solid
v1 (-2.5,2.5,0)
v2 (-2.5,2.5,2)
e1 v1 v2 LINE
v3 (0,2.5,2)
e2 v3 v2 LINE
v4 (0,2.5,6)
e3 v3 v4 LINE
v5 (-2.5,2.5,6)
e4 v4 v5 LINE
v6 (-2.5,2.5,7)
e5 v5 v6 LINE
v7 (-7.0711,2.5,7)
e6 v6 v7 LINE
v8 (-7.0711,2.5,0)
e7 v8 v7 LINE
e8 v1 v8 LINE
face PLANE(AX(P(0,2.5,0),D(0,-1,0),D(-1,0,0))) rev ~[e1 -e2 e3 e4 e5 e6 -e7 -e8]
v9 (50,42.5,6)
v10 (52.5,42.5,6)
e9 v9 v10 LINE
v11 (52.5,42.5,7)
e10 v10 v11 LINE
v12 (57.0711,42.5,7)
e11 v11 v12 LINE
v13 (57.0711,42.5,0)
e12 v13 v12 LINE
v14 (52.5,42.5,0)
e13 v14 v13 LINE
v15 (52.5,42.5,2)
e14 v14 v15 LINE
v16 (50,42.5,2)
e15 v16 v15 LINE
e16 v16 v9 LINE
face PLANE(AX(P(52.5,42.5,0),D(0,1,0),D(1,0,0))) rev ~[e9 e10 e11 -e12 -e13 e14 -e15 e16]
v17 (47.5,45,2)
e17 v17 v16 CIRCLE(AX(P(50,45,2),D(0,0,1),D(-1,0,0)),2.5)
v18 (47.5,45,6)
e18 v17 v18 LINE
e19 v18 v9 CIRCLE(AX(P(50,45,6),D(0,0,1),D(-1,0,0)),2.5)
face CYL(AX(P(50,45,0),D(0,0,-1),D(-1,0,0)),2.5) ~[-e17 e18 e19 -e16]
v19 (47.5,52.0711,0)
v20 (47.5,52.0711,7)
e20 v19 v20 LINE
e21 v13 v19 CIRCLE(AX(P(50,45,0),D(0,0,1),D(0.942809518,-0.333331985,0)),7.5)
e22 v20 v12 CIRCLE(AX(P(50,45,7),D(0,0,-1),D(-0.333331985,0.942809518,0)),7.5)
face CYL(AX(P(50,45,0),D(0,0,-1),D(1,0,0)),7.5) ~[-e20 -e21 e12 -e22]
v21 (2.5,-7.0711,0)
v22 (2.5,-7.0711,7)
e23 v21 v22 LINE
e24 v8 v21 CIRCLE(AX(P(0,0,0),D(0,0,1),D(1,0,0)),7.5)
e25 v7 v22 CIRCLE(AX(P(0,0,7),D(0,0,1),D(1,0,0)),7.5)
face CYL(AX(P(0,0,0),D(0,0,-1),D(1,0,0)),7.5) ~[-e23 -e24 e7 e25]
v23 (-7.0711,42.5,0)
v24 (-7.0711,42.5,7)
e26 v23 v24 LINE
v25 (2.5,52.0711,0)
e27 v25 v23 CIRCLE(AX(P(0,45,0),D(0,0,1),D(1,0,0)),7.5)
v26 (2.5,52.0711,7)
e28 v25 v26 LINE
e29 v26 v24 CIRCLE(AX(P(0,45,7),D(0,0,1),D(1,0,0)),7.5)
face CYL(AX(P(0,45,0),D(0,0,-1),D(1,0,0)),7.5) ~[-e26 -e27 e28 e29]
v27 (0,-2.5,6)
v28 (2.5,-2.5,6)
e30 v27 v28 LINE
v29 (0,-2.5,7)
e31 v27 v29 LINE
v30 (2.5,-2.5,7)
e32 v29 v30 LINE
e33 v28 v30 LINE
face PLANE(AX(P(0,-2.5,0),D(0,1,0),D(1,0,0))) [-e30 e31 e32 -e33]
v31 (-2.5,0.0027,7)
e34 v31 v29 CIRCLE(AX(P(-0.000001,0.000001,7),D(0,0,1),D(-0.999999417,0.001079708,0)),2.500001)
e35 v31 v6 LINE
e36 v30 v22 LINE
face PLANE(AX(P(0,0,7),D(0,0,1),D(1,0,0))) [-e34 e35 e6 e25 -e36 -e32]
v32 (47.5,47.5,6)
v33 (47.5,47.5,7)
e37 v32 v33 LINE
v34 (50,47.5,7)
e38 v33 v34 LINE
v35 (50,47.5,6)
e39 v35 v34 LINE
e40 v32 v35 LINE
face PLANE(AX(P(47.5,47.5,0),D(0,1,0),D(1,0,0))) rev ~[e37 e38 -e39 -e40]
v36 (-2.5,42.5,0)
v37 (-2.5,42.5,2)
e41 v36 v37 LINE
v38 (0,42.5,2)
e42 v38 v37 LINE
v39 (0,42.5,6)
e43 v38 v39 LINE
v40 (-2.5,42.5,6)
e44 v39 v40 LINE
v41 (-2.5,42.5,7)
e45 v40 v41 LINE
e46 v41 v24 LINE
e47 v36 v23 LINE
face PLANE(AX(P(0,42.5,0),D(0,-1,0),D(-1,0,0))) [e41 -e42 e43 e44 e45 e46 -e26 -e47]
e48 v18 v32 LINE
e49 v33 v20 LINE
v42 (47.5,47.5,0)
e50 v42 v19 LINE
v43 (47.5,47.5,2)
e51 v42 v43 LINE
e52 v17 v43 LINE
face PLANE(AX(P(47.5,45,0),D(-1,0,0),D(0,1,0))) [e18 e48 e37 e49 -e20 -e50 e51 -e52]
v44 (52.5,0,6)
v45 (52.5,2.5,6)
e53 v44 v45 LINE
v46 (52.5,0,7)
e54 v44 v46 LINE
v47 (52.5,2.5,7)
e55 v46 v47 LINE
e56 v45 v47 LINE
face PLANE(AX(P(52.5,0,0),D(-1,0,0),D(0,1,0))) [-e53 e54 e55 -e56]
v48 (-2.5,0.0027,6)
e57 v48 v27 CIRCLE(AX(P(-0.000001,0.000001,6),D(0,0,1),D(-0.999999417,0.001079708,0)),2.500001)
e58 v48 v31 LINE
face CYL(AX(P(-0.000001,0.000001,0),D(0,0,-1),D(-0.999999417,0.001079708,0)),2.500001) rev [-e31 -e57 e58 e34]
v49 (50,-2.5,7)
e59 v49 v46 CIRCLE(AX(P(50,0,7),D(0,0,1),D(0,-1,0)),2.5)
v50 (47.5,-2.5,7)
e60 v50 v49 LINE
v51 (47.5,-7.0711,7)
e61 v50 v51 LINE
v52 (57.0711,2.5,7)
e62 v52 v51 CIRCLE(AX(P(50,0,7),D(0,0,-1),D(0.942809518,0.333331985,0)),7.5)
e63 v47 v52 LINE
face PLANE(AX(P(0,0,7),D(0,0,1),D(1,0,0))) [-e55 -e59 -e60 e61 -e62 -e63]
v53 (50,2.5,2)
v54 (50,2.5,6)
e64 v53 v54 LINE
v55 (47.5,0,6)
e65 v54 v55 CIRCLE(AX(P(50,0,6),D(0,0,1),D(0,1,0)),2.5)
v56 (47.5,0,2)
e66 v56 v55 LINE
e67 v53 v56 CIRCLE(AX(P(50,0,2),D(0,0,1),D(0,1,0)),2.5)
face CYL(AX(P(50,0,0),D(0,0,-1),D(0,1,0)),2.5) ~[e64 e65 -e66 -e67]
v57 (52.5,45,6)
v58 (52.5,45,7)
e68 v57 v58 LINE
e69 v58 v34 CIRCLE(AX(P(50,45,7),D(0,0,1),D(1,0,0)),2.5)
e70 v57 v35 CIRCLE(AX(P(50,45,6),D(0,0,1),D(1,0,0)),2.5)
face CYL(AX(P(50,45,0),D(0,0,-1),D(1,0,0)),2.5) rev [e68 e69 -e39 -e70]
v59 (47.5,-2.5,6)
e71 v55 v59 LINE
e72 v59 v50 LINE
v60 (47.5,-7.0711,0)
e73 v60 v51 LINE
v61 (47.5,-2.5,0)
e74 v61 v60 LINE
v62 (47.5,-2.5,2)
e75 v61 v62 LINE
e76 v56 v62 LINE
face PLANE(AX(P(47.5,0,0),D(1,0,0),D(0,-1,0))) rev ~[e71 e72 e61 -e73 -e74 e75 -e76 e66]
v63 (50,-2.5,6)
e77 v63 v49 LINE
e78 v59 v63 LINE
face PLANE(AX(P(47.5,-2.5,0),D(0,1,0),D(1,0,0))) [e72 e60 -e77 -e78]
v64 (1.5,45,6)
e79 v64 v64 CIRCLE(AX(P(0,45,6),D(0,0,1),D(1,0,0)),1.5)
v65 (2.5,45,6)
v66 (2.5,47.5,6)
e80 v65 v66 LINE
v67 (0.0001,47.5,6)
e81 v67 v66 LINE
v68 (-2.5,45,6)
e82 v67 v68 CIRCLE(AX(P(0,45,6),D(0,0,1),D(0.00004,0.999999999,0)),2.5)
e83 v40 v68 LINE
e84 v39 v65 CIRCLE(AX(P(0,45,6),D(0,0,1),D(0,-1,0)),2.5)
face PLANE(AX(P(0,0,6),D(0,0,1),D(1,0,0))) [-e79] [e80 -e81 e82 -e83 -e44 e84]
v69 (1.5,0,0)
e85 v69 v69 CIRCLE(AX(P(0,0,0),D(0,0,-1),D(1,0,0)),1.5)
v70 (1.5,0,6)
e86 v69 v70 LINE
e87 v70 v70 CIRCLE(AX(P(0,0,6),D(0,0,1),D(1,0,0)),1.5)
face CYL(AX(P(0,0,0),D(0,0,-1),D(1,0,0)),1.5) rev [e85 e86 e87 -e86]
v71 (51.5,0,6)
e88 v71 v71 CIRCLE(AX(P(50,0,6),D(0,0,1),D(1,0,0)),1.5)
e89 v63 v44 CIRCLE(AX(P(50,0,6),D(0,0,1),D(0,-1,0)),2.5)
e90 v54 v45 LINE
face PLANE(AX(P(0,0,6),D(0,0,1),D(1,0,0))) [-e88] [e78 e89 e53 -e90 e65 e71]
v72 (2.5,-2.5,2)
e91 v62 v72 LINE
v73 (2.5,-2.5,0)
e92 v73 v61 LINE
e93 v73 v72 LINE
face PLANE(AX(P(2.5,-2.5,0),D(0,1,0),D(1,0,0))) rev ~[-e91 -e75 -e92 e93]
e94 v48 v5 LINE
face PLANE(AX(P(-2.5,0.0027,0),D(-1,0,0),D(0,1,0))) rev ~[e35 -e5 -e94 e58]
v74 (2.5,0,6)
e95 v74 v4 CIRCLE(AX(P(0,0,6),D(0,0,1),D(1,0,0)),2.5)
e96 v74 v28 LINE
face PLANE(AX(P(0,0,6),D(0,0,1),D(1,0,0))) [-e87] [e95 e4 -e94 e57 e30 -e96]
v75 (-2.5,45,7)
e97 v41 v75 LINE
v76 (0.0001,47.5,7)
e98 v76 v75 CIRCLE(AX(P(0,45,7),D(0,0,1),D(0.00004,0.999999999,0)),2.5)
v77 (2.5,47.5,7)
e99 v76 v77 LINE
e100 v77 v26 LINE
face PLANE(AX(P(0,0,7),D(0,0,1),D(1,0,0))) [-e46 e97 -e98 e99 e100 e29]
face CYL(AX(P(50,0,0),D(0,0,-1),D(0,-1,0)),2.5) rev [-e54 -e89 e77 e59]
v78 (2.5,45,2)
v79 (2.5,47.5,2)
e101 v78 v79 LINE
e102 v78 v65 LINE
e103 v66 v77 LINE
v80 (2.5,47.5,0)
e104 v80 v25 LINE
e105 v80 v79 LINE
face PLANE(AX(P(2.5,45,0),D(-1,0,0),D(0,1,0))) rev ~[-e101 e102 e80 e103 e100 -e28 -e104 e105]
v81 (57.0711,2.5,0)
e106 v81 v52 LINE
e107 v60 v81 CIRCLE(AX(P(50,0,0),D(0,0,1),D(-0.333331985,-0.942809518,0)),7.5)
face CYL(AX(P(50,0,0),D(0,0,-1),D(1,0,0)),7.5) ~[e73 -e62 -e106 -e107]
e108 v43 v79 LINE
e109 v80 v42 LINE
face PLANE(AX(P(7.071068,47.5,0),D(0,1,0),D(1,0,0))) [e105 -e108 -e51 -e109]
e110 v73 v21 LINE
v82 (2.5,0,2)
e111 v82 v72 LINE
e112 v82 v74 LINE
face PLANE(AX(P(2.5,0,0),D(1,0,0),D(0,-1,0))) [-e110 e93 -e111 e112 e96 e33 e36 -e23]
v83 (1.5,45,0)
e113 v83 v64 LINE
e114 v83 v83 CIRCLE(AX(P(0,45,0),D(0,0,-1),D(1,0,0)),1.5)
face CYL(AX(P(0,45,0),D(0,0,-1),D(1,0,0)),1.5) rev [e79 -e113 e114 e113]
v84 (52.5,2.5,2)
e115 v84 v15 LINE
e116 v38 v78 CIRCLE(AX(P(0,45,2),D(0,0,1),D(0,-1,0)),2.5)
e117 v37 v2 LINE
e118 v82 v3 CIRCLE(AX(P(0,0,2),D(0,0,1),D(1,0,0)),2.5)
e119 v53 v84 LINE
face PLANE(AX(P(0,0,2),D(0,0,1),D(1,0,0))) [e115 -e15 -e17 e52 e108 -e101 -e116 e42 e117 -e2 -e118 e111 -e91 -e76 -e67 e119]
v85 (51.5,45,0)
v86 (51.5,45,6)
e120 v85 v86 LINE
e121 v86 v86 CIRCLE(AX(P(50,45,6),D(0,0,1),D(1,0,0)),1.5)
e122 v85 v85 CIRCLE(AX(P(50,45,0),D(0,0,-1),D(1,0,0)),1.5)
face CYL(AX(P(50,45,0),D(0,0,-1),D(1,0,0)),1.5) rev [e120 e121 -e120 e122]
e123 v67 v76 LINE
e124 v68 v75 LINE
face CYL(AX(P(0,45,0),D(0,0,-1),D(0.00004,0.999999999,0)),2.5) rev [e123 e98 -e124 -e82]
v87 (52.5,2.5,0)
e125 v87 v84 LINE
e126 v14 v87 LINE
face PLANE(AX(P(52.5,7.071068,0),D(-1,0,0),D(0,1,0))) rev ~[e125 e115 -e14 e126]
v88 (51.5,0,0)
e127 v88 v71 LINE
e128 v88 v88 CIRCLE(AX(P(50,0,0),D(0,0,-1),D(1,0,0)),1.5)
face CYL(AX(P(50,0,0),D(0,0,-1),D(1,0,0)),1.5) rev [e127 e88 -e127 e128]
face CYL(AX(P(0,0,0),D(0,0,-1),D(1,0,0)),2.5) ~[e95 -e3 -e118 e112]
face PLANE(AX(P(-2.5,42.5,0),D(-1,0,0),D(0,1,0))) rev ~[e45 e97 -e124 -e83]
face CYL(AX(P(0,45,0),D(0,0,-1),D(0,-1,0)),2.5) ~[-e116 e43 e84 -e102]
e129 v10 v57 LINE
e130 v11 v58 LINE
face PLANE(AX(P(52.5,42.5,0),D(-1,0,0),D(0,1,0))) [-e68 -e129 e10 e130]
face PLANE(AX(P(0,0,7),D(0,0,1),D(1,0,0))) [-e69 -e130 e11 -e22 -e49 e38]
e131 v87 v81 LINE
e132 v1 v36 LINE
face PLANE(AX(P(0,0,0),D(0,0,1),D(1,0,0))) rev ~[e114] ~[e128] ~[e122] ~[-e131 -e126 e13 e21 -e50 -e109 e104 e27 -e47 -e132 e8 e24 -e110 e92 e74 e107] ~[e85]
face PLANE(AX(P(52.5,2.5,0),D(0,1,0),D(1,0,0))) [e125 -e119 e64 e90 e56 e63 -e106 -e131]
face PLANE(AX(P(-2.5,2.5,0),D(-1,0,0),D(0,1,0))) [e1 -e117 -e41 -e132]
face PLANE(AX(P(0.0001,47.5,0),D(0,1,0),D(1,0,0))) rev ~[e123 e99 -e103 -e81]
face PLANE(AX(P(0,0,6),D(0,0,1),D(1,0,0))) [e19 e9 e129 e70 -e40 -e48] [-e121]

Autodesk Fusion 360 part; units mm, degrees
sketch "Sketch1" plane through (0, 0, 0) normal (0, 0, 1) x (1, 0, 0)
  line L0 (0, 0) -> (60, 0)
  line L1 (60, 0) -> (60, 60)
  line L2 (60, 60) -> (0, 60)
  line L3 (0, 60) -> (0, 0)
  line L4 (2, 2) -> (58, 2)
  line L5 (58, 2) -> (58, 58)
  line L6 (58, 58) -> (2, 58)
  line L7 (2, 58) -> (2, 2)
  dimension "d1" = 60
  dimension "d2" = 60
  dimension "d3" = 56
  dimension "d4" = 56
sketch "Sketch2" plane through (0, 0, 2) normal (0, 0, 1) x (-1, 0, 0)
  line L0 (-2, -2) -> (-4.5, -2)
  line L1 (-4.5, -2) -> (-4.5, -5)
  line L2 (-4.5, -5) -> (-2, -5)
  line L3 (-2, -5) -> (-2, -2)
  line L4 (-2, -58) -> (-4.5, -58)
  line L5 (-4.5, -58) -> (-4.5, -55)
  line L6 (-4.5, -55) -> (-2, -55)
  line L7 (-2, -55) -> (-2, -58)
  line L8 (-58, -58) -> (-49.5, -58)
  line L9 (-49.5, -58) -> (-49.5, -55)
  line L10 (-49.5, -55) -> (-58, -55)
  line L11 (-58, -55) -> (-58, -58)
  line L12 (-58, -2) -> (-49.5, -2)
  line L13 (-49.5, -2) -> (-49.5, -5)
  line L14 (-49.5, -5) -> (-58, -5)
  line L15 (-58, -5) -> (-58, -2)
  circle A0 centre (-4.5, -55) radius 1
  circle A1 centre (-49.5, -55) radius 1
  circle A2 centre (-4.5, -5) radius 1
  circle A3 centre (-49.5, -5) radius 1
  line L16 (-2, -58) -> (-2, -2)
  line L17 (-2, -2) -> (-58, -2)
  line L18 (-58, -2) -> (-58, -58)
  line L19 (-58, -58) -> (-2, -58)
  dimension "d9" = 2.5
  dimension "d10" = 3
  dimension "d11" = 2.5
  dimension "d12" = 3
  dimension "d13" = 8.5
  dimension "d14" = 3
  dimension "d15" = 8.5
  dimension "d16" = 3
  dimension "d17" = 2
  dimension "d18" = 2
  dimension "d19" = 2
  dimension "d20" = 2
sketch "Sketch3" plane through (0, 0, 0) normal (0, 0, 1) x (1, 0, 0)
  circle A0 centre (0, 45) radius 1.5
  circle A1 centre (50, 45) radius 1.5
  circle A2 centre (50, 0) radius 1.5
  circle A3 centre (0, 0) radius 1.5
  line L0 (0, -2.5) -> (50, -2.5)
  line L1 (52.5, 0) -> (52.5, 45)
  line L2 (-2.5, 0.0027) -> (-2.5, 45)
  line L3 (0.0001, 47.5) -> (50, 47.5)
  circle A4 centre (0, 45) radius 7.5
  circle A5 centre (0, 0) radius 7.5
  circle A6 centre (50, 45) radius 7.5
  circle A7 centre (50, 0) radius 7.5
  line L4 (0, 42.5) -> (-7.0711, 42.5)
  line L5 (2.5, 45) -> (2.5, 52.0711)
  line L6 (47.5, 45) -> (47.5, 52.0711)
  line L7 (50, 42.5) -> (57.0711, 42.5)
  line L8 (50, 2.5) -> (57.0711, 2.5)
  line L9 (47.5, 0) -> (47.5, -7.0711)
  line L10 (0, 2.5) -> (-7.0711, 2.5)
  line L11 (2.5, 0) -> (2.5, -7.0711)
  arc A8 (0, 42.5) -> (2.5, 45) centre (0, 45) ccw
  arc A9 (0.0001, 47.5) -> (-2.5, 45) centre (0, 45) ccw
  line L12 (0, 45) -> (0, 43.5)
  line L13 (1.5, 45) -> (0, 45)
  arc A10 (47.5, 45) -> (50, 42.5) centre (50, 45) ccw
  arc A11 (52.5, 45) -> (50, 47.5) centre (50, 45) ccw
  line L14 (50, 43.5) -> (50, 45)
  line L15 (50, 45) -> (48.5, 45)
  line L16 (47.5, 45) -> (2.5, 45)
  arc A12 (50, 2.5) -> (47.5, 0) centre (50, 0) ccw
  arc A13 (50, -2.5) -> (52.5, 0) centre (50, 0) ccw
  line L17 (48.5, 0) -> (50, 0)
  line L18 (50, 0) -> (50, 1.5)
  line L19 (50, 2.5) -> (50, 42.5)
  arc A14 (-2.5, 0.0027) -> (0, -2.5) centre (0, 0) ccw
  arc A15 (2.5, 0) -> (0, 2.5) centre (0, 0) ccw
  line L20 (0, 0) -> (1.5, 0)
  line L21 (2.5, 0) -> (47.5, 0)
  line L22 (0, 42.5) -> (0, 2.5)
  line L23 (0, 1.5) -> (0, 0)
  dimension "d23" = 50
  dimension "d24" = 45
  dimension "d25" = 3
  dimension "d26" = 3
  dimension "d27" = 3
  dimension "d28" = 3
  dimension "d29" = 5
  dimension "d30" = 5
  dimension "d31" = 5
  dimension "d32" = 5
  dimension "d37" = 15
  dimension "d38" = 15
  dimension "d39" = 15
  dimension "d40" = 15
extrude "Extrude6" add sketch "Sketch3" along normal blind 7 contours L0 L2 A5 L10 L11 A14 | L0 L1 A7 L8 L9 A13 | L2 L3 A4 L4 L5 A9 | L1 L3 A6 L6 L7 A11 makes body 1 at (48.1731, 52.2741, 2.3333) makes body 2 at (48.8622, -7.4132, 4.6667) makes body 3 at (-7.4132, 43.8622, 2.3333) makes body 4 at (2.1658, -7.1805, 4.6667)
extrude "Extrude7" add sketch "Sketch3" along normal blind 2 separate body contours L0 A5 L11 L21 | L0 A5 A7 L21 | A5 A15 L21 L22 | L2 A5 L10 L22 | L0 A7 L9 L21 | A4 A5 A6 A7 L16 L19 L21 L22 | L2 A4 A5 L22 | A7 A12 L19 L21 | L2 A4 L4 L22 | L1 A6 A7 L19 | L1 A7 L8 L19 | A4 A8 L16 L22 | L1 A6 L7 L19 | A6 A10 L16 L19 | L3 A4 L5 L16 | L3 A4 A6 L16 | L3 A6 L6 L16 makes body 5
extrude "Extrude8" add sketch "Sketch3" along normal blind 6 contours L0 L2 L10 L11 A14 A15 | L0 L1 L8 L9 A12 A13 | L2 L3 L4 L5 A8 A9 | L1 L3 L6 L7 A10 A11 bodies 1 2 3 4 5
